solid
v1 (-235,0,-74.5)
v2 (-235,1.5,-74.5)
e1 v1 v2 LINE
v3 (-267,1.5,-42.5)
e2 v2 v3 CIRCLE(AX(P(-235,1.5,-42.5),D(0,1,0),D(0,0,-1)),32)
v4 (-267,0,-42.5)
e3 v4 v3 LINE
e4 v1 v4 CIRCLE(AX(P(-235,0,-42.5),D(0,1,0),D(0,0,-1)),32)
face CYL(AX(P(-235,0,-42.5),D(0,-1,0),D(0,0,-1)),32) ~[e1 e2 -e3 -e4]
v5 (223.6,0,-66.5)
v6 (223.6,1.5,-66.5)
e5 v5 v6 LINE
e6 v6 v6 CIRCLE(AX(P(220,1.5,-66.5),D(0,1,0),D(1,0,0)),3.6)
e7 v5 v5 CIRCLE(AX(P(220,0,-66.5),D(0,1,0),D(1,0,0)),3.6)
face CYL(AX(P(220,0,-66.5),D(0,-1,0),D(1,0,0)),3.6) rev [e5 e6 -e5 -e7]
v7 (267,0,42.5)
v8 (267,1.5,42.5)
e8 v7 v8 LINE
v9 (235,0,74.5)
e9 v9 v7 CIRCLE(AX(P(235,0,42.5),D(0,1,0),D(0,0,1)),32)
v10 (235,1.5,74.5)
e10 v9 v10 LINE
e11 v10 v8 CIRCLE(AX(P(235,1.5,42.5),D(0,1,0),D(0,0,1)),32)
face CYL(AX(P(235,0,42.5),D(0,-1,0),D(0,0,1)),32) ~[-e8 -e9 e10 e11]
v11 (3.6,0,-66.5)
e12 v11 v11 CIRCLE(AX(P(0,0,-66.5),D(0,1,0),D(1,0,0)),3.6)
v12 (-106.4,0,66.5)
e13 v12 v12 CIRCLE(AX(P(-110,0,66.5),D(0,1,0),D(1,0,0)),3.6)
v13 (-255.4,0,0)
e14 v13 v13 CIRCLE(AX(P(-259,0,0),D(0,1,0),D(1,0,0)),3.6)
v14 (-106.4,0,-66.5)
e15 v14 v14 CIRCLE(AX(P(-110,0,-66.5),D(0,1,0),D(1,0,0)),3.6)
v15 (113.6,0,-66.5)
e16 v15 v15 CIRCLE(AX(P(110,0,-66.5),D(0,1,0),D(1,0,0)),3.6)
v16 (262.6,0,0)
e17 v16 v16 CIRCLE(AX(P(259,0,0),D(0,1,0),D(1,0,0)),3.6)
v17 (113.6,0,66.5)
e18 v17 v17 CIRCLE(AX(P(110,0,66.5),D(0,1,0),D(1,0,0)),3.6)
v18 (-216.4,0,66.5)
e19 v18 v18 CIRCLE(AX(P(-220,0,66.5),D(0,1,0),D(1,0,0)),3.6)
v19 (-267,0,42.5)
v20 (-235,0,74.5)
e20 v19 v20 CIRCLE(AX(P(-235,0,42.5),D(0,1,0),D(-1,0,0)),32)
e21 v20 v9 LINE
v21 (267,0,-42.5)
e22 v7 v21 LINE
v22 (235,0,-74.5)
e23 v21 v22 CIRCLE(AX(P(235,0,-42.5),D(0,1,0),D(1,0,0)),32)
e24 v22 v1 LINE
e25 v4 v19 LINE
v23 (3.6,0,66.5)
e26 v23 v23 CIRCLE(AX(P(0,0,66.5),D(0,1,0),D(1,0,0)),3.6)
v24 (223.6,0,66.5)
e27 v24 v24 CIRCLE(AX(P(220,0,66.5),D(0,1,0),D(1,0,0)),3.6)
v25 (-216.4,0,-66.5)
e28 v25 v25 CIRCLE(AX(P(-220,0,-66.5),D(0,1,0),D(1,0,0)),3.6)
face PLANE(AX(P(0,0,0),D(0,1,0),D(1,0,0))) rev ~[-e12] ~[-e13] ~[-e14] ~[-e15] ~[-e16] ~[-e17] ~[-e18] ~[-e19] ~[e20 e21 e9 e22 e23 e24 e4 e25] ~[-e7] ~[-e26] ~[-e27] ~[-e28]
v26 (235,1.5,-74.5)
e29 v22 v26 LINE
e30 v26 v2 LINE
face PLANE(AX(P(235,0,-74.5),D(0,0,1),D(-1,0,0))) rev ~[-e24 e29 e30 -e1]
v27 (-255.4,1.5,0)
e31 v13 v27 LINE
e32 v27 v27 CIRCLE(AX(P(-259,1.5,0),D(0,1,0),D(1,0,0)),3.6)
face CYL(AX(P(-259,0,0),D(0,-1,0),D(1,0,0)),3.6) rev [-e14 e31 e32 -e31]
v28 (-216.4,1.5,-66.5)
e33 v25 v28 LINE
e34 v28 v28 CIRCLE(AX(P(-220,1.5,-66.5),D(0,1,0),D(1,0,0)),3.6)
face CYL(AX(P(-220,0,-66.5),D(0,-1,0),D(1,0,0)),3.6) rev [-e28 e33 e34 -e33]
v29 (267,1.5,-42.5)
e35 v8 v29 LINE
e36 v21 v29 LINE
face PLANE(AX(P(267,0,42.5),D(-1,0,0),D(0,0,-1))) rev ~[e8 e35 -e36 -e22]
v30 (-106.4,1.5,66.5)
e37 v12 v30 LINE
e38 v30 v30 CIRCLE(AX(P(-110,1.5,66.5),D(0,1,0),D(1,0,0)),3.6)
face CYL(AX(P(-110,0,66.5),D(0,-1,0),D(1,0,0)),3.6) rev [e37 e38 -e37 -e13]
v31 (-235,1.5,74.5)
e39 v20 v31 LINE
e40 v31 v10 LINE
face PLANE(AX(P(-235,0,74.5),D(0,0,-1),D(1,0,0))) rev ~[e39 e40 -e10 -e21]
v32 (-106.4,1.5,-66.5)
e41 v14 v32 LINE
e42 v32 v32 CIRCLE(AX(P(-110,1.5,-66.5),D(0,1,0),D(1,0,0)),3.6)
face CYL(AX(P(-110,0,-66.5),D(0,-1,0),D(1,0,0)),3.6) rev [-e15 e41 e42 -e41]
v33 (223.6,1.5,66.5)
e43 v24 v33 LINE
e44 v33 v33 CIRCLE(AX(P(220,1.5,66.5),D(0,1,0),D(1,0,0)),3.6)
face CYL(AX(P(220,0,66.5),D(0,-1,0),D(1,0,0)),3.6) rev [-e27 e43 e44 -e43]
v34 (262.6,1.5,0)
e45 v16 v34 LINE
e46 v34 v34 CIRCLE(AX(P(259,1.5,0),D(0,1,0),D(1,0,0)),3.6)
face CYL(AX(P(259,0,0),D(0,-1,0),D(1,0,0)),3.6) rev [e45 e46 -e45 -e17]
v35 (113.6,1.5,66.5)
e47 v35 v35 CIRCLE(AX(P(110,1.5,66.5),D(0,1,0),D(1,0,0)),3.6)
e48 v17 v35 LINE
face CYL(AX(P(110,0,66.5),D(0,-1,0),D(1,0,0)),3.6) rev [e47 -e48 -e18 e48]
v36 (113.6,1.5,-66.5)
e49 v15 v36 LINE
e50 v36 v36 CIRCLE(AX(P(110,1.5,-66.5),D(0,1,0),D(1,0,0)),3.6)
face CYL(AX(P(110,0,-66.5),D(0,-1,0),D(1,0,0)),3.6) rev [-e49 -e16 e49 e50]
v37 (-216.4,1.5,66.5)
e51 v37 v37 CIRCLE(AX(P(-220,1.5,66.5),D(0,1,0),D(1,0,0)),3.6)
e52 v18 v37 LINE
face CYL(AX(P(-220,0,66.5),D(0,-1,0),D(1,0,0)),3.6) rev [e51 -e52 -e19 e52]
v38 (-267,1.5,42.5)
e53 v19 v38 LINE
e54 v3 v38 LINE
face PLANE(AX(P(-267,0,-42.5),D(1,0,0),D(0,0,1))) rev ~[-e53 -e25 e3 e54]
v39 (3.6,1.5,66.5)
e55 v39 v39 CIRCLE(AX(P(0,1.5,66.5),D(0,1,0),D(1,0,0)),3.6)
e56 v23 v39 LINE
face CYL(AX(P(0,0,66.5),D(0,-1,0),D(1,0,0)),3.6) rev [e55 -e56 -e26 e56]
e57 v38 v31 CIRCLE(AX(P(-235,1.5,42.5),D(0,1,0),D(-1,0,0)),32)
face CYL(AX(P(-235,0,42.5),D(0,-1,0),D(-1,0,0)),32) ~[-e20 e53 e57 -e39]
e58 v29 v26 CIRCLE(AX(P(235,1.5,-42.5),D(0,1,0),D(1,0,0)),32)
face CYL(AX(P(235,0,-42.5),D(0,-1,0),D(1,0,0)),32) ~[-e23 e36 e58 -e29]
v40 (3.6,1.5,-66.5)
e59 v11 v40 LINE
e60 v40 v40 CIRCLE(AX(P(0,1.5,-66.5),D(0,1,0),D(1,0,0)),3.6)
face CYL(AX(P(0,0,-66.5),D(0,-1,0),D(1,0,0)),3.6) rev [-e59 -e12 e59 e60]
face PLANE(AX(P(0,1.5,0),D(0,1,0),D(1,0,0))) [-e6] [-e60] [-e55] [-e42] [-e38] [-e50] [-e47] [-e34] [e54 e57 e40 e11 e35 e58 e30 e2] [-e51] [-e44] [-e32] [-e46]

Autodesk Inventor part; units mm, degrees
sketch "Sketch_7" plane through (0, 0, 0) normal (0, 1, 0) x (1, 0, 0)
  arc A0 (-267, -42.5) -> (-235, -74.5) centre (-235, -42.5) ccw
  line L0 (-235, -74.5) -> (235, -74.5)
  arc A1 (235, -74.5) -> (267, -42.5) centre (235, -42.5) ccw
  line L1 (267, -42.5) -> (267, 42.5)
  arc A2 (267, 42.5) -> (235, 74.5) centre (235, 42.5) ccw
  line L2 (235, 74.5) -> (-235, 74.5)
  arc A3 (-235, 74.5) -> (-267, 42.5) centre (-235, 42.5) ccw
  line L3 (-267, 42.5) -> (-267, -42.5)
  circle A4 centre (259, 0) radius 3.6
  circle A5 centre (220, -66.5) radius 3.6
  circle A6 centre (220, 66.5) radius 3.6
  circle A7 centre (110, -66.5) radius 3.6
  circle A8 centre (110, 66.5) radius 3.6
  circle A9 centre (0, -66.5) radius 3.6
  circle A10 centre (0, 66.5) radius 3.6
  circle A11 centre (-110, -66.5) radius 3.6
  circle A12 centre (-110, 66.5) radius 3.6
  circle A13 centre (-220, -66.5) radius 3.6
  circle A14 centre (-220, 66.5) radius 3.6
  circle A15 centre (-259, 0) radius 3.6
extrude "Extrusion1" add sketch "Sketch_7" along normal blind 1.5
ref_plane "FP_XY" through (0, 0, 0) normal (0, -1, 0) x (1, 0, 0)
ref_plane "FP_YZ" through (0, 0, 0) normal (1, 0, 0) x (0, 0, 1)
ref_plane "FP_ZX" through (0, 0, 0) normal (0, 0, 1) x (0, -1, 0)
ref_plane "to_Bolt_1_XY" through (-259, 0, 0) normal (0, 1, 0) x (1, 0, 0)
ref_plane "to_Bolt_1_YZ" through (-259, 0, 0) normal (1, 0, 0) x (0, 0, -1)
ref_plane "to_Bolt_1_ZX" through (-259, 0, 0) normal (0, 0, -1) x (0, 1, 0)
ref_plane "to_Bolt_1_1_XY" through (-220, 0, -66.5) normal (0, 1, 0) x (1, 0, 0)
ref_plane "to_Bolt_1_1_YZ" through (-220, 0, -66.5) normal (1, 0, 0) x (0, 0, -1)
ref_plane "to_Bolt_1_1_ZX" through (-220, 0, -66.5) normal (0, 0, -1) x (0, 1, 0)
ref_plane "to_Bolt_1_10_XY" through (220, 0, 66.5) normal (0, 1, 0) x (1, 0, 0)
ref_plane "to_Bolt_1_10_YZ" through (220, 0, 66.5) normal (1, 0, 0) x (0, 0, -1)
ref_plane "to_Bolt_1_10_ZX" through (220, 0, 66.5) normal (0, 0, -1) x (0, 1, 0)
ref_plane "to_Bolt_1_2_XY" through (-110, 0, -66.5) normal (0, 1, 0) x (1, 0, 0)
ref_plane "to_Bolt_1_2_YZ" through (-110, 0, -66.5) normal (1, 0, 0) x (0, 0, -1)
ref_plane "to_Bolt_1_2_ZX" through (-110, 0, -66.5) normal (0, 0, -1) x (0, 1, 0)
ref_plane "to_Bolt_1_3_XY" through (0, 0, -66.5) normal (0, 1, 0) x (1, 0, 0)
ref_plane "to_Bolt_1_3_YZ" through (0, 0, -66.5) normal (1, 0, 0) x (0, 0, -1)
ref_plane "to_Bolt_1_3_ZX" through (0, 0, -66.5) normal (0, 0, -1) x (0, 1, 0)
ref_plane "to_Bolt_1_4_XY" through (110, 0, -66.5) normal (0, 1, 0) x (1, 0, 0)
ref_plane "to_Bolt_1_4_YZ" through (110, 0, -66.5) normal (1, 0, 0) x (0, 0, -1)
ref_plane "to_Bolt_1_4_ZX" through (110, 0, -66.5) normal (0, 0, -1) x (0, 1, 0)
ref_plane "to_Bolt_1_5_XY" through (220, 0, -66.5) normal (0, 1, 0) x (1, 0, 0)
ref_plane "to_Bolt_1_5_YZ" through (220, 0, -66.5) normal (1, 0, 0) x (0, 0, -1)
ref_plane "to_Bolt_1_5_ZX" through (220, 0, -66.5) normal (0, 0, -1) x (0, 1, 0)
ref_plane "to_Bolt_1_6_XY" through (-220, 0, 66.5) normal (0, 1, 0) x (1, 0, 0)
ref_plane "to_Bolt_1_6_YZ" through (-220, 0, 66.5) normal (1, 0, 0) x (0, 0, -1)
ref_plane "to_Bolt_1_6_ZX" through (-220, 0, 66.5) normal (0, 0, -1) x (0, 1, 0)
ref_plane "to_Bolt_1_7_XY" through (-110, 0, 66.5) normal (0, 1, 0) x (1, 0, 0)
ref_plane "to_Bolt_1_7_YZ" through (-110, 0, 66.5) normal (1, 0, 0) x (0, 0, -1)
ref_plane "to_Bolt_1_7_ZX" through (-110, 0, 66.5) normal (0, 0, -1) x (0, 1, 0)
ref_plane "to_Bolt_1_8_XY" through (0, 0, 66.5) normal (0, 1, 0) x (1, 0, 0)
ref_plane "to_Bolt_1_8_YZ" through (0, 0, 66.5) normal (1, 0, 0) x (0, 0, -1)
ref_plane "to_Bolt_1_8_ZX" through (0, 0, 66.5) normal (0, 0, -1) x (0, 1, 0)
ref_plane "to_Bolt_1_9_XY" through (110, 0, 66.5) normal (0, 1, 0) x (1, 0, 0)
ref_plane "to_Bolt_1_9_YZ" through (110, 0, 66.5) normal (1, 0, 0) x (0, 0, -1)
ref_plane "to_Bolt_1_9_ZX" through (110, 0, 66.5) normal (0, 0, -1) x (0, 1, 0)
ref_plane "to_Bolt_2_XY" through (259, 0, 0) normal (0, 1, 0) x (1, 0, 0)
ref_plane "to_Bolt_2_YZ" through (259, 0, 0) normal (1, 0, 0) x (0, 0, -1)
ref_plane "to_Bolt_2_ZX" through (259, 0, 0) normal (0, 0, -1) x (0, 1, 0)
properties part number "1XX7_04_00_7(2)_P5"
